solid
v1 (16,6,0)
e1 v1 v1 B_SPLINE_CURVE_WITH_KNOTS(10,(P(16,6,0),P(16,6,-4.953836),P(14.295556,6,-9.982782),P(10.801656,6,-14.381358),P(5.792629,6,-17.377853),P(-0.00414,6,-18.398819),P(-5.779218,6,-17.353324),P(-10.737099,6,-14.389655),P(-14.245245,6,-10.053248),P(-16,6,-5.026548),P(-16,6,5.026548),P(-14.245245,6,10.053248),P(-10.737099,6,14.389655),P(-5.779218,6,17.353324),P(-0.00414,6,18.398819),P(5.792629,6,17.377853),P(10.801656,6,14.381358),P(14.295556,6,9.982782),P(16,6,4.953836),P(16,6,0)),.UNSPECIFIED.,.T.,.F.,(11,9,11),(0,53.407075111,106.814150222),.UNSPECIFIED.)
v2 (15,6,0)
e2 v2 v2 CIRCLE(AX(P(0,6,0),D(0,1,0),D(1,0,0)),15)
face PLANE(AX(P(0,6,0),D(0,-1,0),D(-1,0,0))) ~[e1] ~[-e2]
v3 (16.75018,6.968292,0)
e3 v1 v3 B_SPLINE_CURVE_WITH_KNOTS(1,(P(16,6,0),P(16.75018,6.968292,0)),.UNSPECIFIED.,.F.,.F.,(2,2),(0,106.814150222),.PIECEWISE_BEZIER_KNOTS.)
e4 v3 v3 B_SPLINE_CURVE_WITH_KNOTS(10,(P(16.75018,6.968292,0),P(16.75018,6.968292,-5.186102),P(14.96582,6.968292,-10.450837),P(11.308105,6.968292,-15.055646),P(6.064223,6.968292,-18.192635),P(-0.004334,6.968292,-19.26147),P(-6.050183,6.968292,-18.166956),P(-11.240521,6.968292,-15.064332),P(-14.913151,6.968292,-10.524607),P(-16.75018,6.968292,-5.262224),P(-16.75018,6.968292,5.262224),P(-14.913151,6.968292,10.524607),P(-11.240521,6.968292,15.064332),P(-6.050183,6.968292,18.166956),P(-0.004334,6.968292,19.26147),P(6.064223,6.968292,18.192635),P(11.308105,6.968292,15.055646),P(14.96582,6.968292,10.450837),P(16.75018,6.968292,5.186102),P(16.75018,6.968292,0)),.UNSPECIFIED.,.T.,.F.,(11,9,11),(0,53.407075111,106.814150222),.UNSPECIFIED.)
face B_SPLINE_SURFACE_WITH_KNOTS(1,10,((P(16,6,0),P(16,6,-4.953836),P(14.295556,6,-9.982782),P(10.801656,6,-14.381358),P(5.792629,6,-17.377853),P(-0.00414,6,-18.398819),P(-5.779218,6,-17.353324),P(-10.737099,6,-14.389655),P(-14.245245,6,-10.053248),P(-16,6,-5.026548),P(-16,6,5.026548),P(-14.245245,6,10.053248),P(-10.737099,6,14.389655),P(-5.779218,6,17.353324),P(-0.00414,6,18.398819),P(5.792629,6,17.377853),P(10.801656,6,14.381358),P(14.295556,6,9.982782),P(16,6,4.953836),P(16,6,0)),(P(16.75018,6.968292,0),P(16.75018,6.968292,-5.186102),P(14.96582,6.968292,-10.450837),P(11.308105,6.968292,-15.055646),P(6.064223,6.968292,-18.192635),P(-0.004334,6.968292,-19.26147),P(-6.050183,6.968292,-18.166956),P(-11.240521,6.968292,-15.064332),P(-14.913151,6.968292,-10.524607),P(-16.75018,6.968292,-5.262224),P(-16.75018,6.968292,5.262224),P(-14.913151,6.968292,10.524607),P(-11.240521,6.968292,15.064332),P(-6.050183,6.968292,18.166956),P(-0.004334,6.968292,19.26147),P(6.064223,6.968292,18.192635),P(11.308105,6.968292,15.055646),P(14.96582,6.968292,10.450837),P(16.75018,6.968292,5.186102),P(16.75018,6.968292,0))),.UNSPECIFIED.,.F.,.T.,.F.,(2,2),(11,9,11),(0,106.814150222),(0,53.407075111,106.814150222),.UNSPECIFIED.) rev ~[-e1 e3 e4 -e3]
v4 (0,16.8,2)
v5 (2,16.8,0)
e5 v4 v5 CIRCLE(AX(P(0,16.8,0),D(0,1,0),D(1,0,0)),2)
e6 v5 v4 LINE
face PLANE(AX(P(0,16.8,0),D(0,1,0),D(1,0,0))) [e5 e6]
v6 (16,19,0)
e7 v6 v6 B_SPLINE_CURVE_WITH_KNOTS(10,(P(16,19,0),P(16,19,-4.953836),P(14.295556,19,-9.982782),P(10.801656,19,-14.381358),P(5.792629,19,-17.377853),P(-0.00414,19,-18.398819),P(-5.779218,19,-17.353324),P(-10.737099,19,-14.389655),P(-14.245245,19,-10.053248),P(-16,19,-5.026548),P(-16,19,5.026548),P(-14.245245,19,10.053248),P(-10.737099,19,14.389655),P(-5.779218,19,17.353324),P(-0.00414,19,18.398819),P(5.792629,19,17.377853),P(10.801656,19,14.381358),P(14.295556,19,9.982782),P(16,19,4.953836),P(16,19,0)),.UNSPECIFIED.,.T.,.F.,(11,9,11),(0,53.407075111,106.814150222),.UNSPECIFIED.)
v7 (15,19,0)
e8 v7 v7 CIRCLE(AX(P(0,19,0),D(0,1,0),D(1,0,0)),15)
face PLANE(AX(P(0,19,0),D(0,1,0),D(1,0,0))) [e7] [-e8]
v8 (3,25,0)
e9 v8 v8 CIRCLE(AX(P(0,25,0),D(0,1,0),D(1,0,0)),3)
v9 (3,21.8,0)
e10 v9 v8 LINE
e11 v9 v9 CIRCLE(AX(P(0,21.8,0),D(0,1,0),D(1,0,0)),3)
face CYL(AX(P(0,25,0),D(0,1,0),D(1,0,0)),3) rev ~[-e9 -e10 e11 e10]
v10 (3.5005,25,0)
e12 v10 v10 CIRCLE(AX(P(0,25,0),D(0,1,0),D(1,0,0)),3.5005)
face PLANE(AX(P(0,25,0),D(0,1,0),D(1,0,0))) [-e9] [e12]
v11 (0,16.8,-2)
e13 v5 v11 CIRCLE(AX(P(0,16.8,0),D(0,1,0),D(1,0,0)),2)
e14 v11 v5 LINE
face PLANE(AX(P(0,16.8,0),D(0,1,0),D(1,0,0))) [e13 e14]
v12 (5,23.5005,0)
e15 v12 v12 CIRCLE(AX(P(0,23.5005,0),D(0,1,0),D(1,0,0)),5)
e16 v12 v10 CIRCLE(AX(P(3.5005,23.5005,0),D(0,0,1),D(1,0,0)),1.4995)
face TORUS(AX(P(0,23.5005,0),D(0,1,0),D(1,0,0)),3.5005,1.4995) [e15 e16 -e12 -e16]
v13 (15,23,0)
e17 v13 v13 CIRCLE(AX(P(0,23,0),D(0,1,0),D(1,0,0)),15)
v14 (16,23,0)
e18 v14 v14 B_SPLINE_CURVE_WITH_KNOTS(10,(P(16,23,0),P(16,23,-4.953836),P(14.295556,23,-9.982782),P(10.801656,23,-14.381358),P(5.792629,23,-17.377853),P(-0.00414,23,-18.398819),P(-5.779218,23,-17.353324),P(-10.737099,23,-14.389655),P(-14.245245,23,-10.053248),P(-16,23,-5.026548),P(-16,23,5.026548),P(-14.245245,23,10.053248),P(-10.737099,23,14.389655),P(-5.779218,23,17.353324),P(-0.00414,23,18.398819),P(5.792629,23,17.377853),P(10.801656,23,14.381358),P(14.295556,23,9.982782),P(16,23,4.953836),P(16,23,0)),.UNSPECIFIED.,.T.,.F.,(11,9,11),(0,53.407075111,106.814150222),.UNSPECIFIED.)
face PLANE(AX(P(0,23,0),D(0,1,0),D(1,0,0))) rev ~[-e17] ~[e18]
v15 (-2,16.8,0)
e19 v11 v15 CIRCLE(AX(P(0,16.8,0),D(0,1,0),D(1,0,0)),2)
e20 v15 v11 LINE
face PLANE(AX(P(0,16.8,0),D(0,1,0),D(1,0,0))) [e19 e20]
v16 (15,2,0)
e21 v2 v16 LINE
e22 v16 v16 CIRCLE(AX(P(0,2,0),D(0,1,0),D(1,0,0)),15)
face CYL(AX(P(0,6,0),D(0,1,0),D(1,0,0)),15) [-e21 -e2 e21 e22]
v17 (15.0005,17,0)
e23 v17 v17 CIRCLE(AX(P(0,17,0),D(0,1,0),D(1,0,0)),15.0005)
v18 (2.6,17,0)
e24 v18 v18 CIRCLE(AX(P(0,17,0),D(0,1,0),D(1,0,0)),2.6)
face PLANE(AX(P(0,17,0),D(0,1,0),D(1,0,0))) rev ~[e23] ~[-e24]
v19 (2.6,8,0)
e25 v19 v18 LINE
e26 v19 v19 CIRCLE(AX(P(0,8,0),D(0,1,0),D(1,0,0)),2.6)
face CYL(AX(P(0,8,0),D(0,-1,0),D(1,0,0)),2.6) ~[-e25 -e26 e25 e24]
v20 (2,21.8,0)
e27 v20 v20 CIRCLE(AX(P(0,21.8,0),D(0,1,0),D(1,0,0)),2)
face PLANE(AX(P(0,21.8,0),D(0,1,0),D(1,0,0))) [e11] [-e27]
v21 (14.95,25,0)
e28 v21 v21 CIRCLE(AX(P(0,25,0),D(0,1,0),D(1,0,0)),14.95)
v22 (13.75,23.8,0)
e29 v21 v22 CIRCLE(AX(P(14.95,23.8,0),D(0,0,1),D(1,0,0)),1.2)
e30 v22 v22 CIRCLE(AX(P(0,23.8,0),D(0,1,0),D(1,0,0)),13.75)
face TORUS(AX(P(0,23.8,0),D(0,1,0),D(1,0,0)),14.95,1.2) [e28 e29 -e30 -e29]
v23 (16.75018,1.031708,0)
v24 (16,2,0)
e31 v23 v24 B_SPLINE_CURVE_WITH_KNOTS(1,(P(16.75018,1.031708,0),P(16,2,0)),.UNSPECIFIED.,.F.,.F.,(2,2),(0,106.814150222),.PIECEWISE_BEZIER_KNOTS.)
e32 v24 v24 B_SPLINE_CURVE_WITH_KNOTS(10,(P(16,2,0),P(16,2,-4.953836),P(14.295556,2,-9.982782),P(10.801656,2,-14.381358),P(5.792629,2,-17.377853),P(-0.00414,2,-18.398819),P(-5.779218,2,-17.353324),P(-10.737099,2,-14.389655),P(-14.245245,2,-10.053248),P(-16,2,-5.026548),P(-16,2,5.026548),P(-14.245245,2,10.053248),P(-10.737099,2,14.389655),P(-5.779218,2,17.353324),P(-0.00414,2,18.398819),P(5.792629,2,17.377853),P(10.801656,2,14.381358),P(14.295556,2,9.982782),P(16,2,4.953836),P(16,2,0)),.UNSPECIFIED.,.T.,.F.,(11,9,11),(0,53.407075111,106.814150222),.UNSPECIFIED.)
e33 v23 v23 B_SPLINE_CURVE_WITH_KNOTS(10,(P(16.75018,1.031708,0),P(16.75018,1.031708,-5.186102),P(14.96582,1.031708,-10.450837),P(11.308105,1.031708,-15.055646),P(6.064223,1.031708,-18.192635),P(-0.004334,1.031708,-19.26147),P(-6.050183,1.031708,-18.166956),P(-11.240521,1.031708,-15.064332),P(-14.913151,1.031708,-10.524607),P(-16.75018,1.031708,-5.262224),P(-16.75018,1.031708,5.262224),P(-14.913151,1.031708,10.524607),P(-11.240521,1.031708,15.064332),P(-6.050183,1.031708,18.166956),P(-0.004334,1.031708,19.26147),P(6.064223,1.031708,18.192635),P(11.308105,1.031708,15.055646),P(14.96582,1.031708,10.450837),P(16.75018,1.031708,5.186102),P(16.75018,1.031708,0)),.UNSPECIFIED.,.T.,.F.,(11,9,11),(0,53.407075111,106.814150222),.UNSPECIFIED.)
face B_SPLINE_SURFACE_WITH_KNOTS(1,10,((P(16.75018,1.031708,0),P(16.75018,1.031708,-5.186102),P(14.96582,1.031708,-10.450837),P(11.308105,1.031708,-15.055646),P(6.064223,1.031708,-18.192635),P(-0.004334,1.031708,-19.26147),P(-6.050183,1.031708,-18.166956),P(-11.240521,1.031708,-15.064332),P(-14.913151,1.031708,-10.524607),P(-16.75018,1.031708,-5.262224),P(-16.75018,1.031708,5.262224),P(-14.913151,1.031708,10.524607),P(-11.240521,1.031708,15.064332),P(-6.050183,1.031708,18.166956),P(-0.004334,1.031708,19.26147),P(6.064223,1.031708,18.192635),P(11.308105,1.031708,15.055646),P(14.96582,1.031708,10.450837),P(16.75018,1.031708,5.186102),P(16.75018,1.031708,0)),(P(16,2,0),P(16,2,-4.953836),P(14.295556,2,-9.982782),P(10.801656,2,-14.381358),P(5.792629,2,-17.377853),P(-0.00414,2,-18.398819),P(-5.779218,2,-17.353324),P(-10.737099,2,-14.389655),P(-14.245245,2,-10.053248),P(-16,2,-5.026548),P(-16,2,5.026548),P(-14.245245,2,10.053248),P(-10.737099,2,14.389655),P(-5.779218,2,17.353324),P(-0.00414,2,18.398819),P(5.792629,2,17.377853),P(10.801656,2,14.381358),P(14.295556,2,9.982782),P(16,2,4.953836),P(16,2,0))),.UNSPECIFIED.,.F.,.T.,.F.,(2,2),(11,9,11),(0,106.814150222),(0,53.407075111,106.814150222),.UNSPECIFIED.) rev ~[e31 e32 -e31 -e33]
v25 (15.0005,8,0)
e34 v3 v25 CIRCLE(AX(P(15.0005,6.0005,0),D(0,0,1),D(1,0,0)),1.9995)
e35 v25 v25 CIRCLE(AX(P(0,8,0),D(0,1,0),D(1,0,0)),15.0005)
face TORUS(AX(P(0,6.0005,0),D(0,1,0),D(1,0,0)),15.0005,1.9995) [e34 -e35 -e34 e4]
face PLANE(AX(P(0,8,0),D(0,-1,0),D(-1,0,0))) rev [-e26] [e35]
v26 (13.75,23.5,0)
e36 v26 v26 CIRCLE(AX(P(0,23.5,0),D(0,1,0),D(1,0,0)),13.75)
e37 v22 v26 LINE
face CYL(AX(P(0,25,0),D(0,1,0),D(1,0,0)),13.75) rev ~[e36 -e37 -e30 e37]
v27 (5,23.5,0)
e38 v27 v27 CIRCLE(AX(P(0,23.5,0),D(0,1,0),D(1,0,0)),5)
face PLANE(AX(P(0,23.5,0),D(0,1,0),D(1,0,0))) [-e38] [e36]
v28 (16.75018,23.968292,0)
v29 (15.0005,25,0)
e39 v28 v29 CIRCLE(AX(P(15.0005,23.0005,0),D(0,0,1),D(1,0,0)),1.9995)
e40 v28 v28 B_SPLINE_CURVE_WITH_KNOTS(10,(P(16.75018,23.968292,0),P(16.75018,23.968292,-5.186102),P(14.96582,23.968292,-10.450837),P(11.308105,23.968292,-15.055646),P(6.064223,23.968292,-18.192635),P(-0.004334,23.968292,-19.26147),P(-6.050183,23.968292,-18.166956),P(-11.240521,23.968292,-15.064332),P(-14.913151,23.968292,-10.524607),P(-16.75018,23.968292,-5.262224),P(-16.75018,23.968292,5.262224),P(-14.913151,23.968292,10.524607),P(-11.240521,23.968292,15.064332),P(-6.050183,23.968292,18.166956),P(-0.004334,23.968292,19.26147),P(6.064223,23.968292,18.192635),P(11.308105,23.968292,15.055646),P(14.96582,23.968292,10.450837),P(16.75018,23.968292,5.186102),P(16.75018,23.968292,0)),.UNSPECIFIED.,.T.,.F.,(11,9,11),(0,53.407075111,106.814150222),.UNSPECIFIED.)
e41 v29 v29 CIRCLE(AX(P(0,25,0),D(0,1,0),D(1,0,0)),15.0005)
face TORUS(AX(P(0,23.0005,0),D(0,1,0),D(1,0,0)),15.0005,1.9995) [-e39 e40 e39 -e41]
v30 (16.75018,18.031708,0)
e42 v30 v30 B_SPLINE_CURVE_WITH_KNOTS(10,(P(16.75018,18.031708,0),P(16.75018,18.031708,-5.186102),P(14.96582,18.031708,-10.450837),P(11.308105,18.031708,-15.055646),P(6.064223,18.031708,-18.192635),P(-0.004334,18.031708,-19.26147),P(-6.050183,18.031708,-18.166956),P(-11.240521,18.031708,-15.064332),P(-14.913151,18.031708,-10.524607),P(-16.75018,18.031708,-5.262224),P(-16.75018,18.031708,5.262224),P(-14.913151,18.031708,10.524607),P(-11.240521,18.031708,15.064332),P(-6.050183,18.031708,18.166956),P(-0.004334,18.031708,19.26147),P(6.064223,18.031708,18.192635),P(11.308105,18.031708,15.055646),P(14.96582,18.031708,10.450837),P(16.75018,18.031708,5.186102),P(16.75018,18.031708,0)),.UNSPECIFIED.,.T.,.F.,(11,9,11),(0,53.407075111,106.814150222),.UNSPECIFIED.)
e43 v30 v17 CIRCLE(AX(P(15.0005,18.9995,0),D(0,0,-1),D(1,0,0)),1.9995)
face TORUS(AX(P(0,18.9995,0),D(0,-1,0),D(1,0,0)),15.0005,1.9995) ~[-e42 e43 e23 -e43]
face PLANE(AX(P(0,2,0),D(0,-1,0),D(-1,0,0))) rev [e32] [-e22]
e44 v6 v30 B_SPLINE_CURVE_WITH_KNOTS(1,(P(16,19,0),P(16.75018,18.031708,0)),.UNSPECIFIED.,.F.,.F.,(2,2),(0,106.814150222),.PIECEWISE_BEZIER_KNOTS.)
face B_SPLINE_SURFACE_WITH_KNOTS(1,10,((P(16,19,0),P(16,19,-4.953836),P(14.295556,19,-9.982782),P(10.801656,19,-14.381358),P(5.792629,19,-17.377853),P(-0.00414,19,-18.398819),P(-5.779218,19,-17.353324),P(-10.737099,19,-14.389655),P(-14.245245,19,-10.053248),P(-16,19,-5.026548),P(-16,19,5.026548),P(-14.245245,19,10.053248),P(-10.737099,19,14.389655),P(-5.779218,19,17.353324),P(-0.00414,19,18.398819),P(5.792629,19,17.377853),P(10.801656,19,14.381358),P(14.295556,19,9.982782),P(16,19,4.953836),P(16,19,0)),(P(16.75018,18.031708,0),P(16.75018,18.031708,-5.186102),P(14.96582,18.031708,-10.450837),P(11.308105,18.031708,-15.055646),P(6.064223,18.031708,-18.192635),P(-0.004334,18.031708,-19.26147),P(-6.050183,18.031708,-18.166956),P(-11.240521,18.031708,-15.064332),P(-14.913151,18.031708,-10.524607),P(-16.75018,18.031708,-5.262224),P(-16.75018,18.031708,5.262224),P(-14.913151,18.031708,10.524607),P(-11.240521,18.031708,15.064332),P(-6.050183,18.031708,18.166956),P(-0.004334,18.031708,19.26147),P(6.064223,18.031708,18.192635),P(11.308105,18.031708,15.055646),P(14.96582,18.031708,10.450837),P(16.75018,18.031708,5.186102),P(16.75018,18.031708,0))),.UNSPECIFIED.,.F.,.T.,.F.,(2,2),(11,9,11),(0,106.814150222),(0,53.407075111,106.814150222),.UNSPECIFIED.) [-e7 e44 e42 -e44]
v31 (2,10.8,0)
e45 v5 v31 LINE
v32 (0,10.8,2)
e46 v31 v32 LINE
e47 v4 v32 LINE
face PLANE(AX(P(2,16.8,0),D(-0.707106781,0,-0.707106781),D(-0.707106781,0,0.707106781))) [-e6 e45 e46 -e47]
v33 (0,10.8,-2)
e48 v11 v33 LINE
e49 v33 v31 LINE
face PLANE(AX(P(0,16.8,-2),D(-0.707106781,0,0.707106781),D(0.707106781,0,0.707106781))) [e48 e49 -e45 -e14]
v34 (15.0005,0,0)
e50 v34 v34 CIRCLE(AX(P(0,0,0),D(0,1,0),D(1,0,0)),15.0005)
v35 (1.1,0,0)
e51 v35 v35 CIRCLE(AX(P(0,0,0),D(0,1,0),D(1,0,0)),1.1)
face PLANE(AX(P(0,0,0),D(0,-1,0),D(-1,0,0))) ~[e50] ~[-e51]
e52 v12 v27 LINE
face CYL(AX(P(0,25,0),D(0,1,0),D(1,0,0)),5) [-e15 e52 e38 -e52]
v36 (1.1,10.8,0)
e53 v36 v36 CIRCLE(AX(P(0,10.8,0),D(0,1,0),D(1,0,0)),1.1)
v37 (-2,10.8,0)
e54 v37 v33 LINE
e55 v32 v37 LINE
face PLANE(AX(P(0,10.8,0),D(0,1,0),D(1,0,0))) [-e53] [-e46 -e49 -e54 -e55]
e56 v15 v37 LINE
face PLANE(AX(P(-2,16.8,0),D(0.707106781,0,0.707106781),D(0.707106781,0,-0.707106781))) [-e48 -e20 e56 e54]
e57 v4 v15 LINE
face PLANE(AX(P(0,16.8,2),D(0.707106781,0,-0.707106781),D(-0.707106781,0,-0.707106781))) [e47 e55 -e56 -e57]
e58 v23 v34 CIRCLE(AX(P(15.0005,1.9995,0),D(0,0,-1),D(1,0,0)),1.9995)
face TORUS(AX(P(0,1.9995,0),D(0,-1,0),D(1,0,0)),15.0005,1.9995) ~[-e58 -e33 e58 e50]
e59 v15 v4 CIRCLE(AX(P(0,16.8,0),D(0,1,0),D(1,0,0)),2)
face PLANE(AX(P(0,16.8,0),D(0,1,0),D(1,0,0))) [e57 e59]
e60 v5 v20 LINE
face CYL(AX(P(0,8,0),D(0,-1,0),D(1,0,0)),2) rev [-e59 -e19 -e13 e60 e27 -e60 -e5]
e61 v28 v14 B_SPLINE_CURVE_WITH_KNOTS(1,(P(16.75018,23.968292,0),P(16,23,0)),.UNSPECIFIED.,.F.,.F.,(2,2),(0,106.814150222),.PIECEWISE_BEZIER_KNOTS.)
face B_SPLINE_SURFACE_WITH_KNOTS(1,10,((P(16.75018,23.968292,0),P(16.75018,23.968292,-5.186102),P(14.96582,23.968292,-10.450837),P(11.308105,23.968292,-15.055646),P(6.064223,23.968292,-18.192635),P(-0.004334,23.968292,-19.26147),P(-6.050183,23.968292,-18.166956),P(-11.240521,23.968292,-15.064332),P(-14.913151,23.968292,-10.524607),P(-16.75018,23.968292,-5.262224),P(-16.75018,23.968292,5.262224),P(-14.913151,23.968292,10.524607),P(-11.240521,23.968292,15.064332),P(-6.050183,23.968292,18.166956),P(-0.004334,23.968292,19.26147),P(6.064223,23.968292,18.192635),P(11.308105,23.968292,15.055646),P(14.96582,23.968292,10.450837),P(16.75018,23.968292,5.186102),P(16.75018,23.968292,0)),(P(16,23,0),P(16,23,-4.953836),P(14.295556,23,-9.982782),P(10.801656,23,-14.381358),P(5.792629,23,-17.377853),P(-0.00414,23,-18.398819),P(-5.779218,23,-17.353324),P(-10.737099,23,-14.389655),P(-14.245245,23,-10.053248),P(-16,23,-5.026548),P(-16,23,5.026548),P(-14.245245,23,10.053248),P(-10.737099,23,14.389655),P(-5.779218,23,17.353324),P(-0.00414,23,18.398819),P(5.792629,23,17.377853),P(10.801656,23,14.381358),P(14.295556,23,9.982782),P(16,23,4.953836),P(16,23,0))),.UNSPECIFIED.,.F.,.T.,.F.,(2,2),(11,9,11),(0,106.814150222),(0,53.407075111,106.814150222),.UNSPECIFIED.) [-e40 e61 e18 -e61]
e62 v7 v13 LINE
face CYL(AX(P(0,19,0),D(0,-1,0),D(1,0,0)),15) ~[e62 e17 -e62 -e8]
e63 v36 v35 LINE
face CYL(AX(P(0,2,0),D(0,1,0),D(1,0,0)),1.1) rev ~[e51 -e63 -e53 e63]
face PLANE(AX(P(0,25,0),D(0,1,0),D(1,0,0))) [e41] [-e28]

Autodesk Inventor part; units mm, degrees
ref_plane "YZ Plane" through (0, 0, 0) normal (1, 0, 0) x (0, 1, 0)
ref_plane "XZ Plane" through (0, 0, 0) normal (0, 1, 0) x (-1, 0, 0)
ref_plane "XY Plane" through (0, 0, 0) normal (0, 0, 1) x (1, 0, 0)
sketch "Sketch1" plane through (0, 0, 0) normal (0, 1, 0) x (-1, 0, 0)
  line L0 (0, 0) -> (17, 0)
  circle A0 centre (0, 0) radius 17
  line L1 (0, 0) -> (0, -4)
  dimension "d0" = 17
  dimension "d1" = 4
extrude "Extrusion1" add sketch "Sketch1" along normal blind 8
sketch "Sketch2" plane through (0, 8, 0) normal (0, 1, 0) x (1, 0, 0)
  circle A0 centre (0, 0) radius 2
  dimension "d4" = 4
extrude "Extrusion2" add sketch "Sketch2" along normal blind 9
sketch "Sketch3" plane through (0, 17, 0) normal (0, 1, 0) x (1, 0, 0)
  circle A0 centre (0, 0) radius 17
extrude "Extrusion3" add sketch "Sketch3" along normal blind 2
sketch "Sketch4" plane through (0, 19, 0) normal (0, 1, 0) x (1, 0, 0)
  circle A0 centre (0, 0) radius 1.1
  dimension "d9" = 2.2
extrude "Extrusion4" cut sketch "Sketch4" against normal through all
sketch "Sketch5" plane through (0, 19, 0) normal (0, 1, 0) x (1, 0, 0)
  circle A0 centre (0, 0) radius 1.1 projected
  line L0 (0, 0) -> (-15, 0)
  circle A1 centre (0, 0) radius 15
  dimension "d12" = 15
extrude "Extrusion5" add sketch "Sketch5" along normal blind 4
sketch "Sketch6" plane through (0, 23, 0) normal (0, 1, 0) x (1, 0, 0)
  circle A0 centre (0, 0) radius 1.1 projected
  circle A1 centre (0, 0) radius 17
extrude "Extrusion6" add sketch "Sketch6" along normal blind 2
fillet "Fillet1" radius 2 2 edges at (-17, 25, 0) (-17, 17, 0)
chamfer "Chamfer2" distance 1 angle 45 4 edges at (-17, 19, 0) (-17, 18.9995, 0) (-17, 23.0005, 0) (-17, 23, 0)
sketch "Sketch7" plane through (0, 0, 0) normal (0, 0, 1) x (1, 0, 0)
  line L0 (0, 0) -> (0, 25)
  line L1 (-15, 25) -> (15, 25) projected
  line L2 (0, 12.5) -> (17, 12.5)
  line L3 (17, 12.5) -> (17, 0)
  line L4 (17, 0) -> (-17, 0) projected
  line L5 (17, 0) -> (-17, 0)
  line L6 (-17, 0) -> (-17, 12.5)
  line L7 (-17, 12.5) -> (17, 12.5)
  dimension "d24" = 17
extrude "Extrusion7" cut sketch "Sketch7" along normal through all both and the other way through all
mirror "Mirror1" about plane through (17, 12.5, 0) normal (0, -1, 0)
sketch "Sketch8" plane through (0, 25, 0) normal (0, 1, 0) x (1, 0, 0)
  circle A0 centre (0, 0) radius 2 projected
  circle A1 centre (0, 0) radius 1.1 projected
  circle A2 centre (0, 0) radius 13.75
  circle A3 centre (0, 0) radius 3
  circle A4 centre (0, 0) radius 5
  dimension "d30" = 27.5
  dimension "d32" = 6
  dimension "d33" = 10
extrude "Extrusion8" cut sketch "Sketch8" against normal blind 1.5 contours A0 | A1 | A2 | A3
fillet "Fillet2" radius 1.2 1 edges at (-13.75, 25, 0)
fillet "Fillet3" radius 1.5 1 edges at (-5, 25, 0)
sketch "Sketch9" plane through (0, 25, 0) normal (0, 1, 0) x (1, 0, 0)
  circle A0 centre (0, 0) radius 3
  dimension "d45" = 6
extrude "Extrusion9" cut sketch "Sketch9" against normal blind 3.2
sketch "Sketch10" plane through (0, 21.8, 0) normal (0, 1, 0) x (1, 0, 0)
  circle A0 centre (0, 0) radius 2
  dimension "d37" = 4
extrude "Extrusion10" cut sketch "Sketch10" against normal blind 5
sketch "Sketch11" plane through (0, 8, 0) normal (0, 1, 0) x (1, 0, 0)
  circle A0 centre (0, 0) radius 2
  circle A1 centre (0, 0) radius 1.1 projected
  circle A2 centre (0, 0) radius 2.6
  dimension "d40" = 5.2
extrude "Extrusion11" add sketch "Sketch11" along normal blind 9 contours A2
sketch "Sketch12" plane through (0, 16.8, 0) normal (0, 1, 0) x (1, 0, 0)
  circle A0 centre (0, 0) radius 2
  circle A1 centre (0, 0) radius 2 projected
  line L0 (-2, 0) -> (0, 2)
  line L1 (0, 2) -> (2, 0)
  line L2 (2, 0) -> (0, -2)
  line L3 (0, -2) -> (-2, 0)
extrude "Extrusion12" cut sketch "Sketch12" against normal blind 6 contours L2 L3 L0 L1
properties part number "kolo_vetsi"
